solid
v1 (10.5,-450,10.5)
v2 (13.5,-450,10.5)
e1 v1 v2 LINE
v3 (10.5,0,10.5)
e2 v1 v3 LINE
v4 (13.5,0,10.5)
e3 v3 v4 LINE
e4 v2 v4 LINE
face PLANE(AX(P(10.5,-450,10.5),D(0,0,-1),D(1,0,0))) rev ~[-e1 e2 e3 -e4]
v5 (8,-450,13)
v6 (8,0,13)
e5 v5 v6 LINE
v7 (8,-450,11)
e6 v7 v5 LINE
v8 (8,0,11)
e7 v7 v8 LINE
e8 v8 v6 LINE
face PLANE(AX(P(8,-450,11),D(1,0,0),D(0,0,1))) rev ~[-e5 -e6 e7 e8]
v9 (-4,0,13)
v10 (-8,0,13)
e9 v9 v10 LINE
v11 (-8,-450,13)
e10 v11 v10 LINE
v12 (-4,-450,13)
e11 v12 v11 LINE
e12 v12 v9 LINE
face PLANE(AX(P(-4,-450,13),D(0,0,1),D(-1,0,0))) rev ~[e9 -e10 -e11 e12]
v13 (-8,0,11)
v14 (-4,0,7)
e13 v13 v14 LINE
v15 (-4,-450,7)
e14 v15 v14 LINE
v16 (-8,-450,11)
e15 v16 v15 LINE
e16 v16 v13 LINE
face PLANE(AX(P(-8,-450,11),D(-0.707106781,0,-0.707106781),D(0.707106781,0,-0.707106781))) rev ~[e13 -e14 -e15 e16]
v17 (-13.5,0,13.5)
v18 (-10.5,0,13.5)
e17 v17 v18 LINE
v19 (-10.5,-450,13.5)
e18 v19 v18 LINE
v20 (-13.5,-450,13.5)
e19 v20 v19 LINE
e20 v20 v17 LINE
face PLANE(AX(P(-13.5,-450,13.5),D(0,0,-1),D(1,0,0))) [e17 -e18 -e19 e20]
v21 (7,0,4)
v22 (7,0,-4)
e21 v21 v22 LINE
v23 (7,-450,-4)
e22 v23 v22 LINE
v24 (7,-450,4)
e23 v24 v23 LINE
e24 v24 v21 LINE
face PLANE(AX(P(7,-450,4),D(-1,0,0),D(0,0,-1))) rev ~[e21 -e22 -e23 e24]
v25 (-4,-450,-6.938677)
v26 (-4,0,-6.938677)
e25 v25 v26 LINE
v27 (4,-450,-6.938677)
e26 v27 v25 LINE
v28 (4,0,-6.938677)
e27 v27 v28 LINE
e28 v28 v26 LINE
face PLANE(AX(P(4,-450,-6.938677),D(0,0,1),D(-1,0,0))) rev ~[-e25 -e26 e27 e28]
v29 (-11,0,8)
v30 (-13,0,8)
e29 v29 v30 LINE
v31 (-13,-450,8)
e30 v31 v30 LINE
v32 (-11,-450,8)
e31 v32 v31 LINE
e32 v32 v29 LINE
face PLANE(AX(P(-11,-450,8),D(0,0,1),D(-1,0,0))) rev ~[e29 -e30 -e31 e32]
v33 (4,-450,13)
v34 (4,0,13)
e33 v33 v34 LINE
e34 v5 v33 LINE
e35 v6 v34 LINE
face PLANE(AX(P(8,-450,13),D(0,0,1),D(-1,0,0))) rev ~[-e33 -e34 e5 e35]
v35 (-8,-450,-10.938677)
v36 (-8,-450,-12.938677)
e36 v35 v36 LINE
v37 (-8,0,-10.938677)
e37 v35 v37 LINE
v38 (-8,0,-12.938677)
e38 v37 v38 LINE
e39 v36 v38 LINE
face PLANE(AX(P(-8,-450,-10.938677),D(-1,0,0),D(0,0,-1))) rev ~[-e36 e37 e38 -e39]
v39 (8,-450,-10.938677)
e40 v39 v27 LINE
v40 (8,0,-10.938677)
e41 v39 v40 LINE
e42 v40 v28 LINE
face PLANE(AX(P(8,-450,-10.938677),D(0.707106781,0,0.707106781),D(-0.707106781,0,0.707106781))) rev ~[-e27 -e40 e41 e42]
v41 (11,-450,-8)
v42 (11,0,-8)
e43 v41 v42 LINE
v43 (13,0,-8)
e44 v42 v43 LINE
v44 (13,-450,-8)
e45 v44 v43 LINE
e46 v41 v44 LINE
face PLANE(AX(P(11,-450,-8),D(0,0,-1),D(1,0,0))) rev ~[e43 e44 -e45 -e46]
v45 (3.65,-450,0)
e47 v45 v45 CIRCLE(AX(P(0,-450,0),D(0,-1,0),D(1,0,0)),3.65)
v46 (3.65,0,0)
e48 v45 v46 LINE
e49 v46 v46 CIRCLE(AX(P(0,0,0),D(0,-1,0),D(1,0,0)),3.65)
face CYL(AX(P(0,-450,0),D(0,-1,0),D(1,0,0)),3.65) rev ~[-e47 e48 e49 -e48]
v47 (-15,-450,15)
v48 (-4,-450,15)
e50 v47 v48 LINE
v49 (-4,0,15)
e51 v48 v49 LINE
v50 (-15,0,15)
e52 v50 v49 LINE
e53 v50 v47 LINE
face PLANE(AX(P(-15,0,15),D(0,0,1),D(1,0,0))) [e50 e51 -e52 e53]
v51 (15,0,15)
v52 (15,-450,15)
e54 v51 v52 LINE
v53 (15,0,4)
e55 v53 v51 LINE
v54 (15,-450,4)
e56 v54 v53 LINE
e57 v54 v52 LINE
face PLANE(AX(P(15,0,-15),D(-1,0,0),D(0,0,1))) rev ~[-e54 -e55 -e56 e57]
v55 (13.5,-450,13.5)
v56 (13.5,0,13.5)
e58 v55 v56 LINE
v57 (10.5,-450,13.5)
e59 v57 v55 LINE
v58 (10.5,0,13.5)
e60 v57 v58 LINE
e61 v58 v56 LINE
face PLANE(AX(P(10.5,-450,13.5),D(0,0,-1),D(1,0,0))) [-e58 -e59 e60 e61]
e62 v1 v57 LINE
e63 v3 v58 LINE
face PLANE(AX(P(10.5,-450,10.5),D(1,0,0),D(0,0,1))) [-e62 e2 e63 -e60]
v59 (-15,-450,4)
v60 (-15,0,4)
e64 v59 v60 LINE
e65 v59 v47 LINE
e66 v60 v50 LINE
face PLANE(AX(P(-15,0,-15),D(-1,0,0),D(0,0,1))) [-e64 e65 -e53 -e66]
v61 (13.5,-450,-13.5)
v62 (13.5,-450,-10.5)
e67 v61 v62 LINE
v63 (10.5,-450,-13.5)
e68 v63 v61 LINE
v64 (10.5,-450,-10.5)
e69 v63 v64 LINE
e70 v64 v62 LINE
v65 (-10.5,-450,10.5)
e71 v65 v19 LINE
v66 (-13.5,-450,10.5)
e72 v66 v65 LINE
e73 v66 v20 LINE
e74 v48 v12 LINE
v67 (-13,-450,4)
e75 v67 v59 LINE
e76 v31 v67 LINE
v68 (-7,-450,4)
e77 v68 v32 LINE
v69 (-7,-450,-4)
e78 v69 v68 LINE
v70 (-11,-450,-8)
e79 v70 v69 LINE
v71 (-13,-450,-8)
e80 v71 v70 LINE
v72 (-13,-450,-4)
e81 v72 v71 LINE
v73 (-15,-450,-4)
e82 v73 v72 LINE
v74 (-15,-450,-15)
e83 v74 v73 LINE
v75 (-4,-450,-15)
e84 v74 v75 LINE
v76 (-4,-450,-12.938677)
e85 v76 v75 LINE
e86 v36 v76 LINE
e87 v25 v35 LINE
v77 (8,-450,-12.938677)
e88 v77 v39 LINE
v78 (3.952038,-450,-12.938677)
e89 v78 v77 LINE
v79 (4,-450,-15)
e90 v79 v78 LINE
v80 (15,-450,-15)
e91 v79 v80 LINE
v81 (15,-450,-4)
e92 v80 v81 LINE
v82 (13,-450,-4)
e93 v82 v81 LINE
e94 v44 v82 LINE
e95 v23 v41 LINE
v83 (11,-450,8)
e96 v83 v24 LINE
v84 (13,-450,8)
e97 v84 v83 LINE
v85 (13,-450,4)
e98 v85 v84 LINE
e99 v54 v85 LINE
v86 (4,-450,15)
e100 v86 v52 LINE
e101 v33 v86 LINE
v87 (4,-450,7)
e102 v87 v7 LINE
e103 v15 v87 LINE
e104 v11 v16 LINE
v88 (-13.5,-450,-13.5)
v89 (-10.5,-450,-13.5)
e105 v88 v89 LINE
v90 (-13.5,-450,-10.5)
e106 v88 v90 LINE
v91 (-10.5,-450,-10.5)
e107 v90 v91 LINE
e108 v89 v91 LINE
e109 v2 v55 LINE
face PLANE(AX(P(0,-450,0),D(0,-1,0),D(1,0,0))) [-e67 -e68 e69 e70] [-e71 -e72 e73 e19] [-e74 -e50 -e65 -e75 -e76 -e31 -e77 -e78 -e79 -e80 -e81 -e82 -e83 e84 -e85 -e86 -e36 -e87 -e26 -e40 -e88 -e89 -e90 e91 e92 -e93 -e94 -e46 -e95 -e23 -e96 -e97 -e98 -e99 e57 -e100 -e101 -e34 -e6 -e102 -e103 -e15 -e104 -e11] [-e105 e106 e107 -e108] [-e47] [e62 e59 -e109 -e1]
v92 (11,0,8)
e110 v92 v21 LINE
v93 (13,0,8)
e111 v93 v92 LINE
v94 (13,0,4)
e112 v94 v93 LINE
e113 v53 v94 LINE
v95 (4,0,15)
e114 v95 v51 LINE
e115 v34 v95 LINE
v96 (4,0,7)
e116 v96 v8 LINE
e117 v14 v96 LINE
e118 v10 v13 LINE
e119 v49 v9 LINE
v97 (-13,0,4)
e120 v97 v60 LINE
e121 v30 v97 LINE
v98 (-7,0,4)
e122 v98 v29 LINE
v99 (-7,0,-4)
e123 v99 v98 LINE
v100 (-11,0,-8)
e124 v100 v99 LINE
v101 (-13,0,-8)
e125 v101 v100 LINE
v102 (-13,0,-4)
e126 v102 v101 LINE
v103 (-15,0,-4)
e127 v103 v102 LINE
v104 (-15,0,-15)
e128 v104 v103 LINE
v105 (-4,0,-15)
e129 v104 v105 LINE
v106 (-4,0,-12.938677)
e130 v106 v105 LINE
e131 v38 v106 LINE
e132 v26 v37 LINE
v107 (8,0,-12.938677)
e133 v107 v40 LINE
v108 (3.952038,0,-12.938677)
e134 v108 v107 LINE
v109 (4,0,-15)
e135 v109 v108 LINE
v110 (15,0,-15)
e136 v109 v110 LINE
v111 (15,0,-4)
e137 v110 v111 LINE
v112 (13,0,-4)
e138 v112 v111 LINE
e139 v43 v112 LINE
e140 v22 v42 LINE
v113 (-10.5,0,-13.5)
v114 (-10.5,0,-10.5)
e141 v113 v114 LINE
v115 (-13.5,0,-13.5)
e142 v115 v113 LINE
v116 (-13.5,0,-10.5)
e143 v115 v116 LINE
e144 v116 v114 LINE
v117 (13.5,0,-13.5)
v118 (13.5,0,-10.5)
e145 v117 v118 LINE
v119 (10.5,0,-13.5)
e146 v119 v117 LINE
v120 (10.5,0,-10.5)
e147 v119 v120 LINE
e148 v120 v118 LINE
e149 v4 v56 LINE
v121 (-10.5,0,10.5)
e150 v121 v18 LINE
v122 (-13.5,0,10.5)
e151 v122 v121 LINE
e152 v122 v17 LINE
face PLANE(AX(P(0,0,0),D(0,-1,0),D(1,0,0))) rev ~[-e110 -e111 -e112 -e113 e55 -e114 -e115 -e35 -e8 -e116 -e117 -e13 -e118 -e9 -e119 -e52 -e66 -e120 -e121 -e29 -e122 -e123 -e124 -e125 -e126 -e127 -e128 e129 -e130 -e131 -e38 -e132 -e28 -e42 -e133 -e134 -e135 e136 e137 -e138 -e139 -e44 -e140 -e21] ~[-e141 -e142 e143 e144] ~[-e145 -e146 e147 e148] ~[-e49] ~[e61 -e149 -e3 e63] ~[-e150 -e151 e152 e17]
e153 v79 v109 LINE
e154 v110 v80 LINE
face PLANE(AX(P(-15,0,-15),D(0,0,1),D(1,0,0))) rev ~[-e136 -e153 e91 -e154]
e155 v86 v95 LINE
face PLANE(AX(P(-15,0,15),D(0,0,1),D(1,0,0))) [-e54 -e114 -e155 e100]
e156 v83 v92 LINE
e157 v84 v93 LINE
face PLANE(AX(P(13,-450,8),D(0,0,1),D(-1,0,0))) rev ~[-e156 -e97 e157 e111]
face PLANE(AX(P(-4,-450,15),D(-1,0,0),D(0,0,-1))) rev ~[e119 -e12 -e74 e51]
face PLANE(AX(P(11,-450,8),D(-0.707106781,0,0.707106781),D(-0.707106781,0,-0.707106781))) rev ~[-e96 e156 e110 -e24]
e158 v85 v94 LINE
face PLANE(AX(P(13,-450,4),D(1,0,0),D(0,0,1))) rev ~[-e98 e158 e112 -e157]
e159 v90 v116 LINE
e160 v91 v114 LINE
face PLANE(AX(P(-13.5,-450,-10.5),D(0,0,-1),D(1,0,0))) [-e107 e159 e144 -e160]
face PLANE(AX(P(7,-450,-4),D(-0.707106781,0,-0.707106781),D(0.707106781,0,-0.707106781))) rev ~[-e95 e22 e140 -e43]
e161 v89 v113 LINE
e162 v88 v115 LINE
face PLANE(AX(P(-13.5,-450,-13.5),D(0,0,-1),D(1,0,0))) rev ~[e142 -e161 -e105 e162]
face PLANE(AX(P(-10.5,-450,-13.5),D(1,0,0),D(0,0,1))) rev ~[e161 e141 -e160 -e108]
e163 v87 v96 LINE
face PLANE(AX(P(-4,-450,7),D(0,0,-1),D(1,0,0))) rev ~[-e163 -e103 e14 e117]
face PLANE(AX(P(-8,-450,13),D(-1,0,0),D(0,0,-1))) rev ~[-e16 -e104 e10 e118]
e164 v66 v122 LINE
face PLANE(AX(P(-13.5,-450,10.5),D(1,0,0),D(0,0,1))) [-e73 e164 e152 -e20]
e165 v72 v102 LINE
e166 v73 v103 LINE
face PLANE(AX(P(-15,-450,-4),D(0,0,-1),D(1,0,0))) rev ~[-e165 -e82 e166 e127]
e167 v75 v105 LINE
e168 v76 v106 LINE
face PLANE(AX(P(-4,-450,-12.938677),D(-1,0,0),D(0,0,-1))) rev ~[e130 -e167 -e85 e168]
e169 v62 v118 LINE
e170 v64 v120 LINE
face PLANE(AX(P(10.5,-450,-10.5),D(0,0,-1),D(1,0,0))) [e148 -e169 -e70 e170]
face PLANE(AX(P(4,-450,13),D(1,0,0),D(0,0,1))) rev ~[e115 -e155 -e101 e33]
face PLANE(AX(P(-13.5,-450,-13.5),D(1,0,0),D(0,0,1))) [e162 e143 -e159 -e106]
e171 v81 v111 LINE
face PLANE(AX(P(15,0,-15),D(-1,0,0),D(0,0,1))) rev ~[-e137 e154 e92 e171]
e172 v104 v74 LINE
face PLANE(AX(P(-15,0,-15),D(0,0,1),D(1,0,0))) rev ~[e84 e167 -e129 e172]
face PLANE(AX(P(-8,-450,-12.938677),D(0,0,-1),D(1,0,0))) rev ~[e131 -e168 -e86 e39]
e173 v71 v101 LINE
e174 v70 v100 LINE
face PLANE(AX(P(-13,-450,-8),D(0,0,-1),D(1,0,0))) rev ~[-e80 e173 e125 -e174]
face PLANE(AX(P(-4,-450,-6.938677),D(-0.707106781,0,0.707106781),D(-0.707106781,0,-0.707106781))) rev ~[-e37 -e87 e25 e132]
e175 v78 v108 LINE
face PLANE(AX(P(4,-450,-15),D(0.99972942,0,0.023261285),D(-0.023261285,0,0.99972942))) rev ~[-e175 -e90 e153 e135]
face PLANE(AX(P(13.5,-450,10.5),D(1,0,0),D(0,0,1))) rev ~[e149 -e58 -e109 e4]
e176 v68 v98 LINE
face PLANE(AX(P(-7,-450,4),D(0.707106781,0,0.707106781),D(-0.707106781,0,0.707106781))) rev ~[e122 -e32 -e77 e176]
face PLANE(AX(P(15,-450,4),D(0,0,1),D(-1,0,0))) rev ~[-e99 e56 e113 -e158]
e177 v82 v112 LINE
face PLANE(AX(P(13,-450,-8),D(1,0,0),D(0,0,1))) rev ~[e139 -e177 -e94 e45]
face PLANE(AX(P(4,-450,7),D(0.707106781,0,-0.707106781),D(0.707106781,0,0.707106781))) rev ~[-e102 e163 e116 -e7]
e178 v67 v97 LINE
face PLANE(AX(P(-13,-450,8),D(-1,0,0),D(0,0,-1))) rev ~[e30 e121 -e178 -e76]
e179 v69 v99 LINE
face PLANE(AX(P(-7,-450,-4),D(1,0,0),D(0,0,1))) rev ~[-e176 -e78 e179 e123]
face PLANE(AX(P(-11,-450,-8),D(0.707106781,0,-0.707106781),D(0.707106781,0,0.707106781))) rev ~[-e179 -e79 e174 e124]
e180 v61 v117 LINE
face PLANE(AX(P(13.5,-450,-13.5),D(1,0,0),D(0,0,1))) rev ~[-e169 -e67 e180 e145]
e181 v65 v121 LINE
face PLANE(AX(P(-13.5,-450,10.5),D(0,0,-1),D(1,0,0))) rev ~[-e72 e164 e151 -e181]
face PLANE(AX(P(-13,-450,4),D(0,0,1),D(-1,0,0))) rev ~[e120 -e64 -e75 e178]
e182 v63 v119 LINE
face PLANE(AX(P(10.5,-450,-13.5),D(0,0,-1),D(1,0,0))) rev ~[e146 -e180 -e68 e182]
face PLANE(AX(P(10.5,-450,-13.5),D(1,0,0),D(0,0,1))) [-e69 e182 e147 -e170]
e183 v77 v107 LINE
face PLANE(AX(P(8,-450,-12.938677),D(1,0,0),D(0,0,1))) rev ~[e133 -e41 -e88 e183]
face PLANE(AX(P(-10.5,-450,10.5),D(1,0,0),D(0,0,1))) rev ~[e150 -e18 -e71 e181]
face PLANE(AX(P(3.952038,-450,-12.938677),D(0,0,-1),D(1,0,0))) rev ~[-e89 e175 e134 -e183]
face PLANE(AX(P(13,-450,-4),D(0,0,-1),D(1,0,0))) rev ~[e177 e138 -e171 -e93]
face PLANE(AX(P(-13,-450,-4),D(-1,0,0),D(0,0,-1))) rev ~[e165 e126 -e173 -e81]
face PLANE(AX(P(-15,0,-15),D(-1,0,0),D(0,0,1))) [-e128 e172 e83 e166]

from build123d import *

# Parameters (mm, degrees)
F0_W     = 30
F0_H     = 30
F1_DEPTH = 450
F2_R     = 3.65
F2_W     = 3
F2_H     = 3
F3_DEPTH = 450.001


with BuildPart() as f1:
    # F0 (on Front) → F1 (new body)
    with BuildSketch(Plane.XZ):
        Rectangle(F0_W, F0_H)
    extrude(amount=F1_DEPTH)

    # F2 (on face) → F3 (cut, through all)
    with BuildSketch(Plane.XZ.offset(450)):
        Polygon((-13, 4), (-15, 4), (-15, -4), (-13, -4), (-13, -8), (-11, -8), (-7, -4), (-7, 4), (-11, 8), (-13, 8), align=None)
        Polygon((4, 15), (-4, 15), (-4, 13), (-8, 13), (-8, 11), (-4, 7), (4, 7), (8, 11), (8, 13), (4, 13), align=None)
        Polygon((13, -4), (15, -4), (15, 4), (13, 4), (13, 8), (11, 8), (7, 4), (7, -4), (11, -8), (13, -8), align=None)
        Circle(F2_R)
        Polygon((-4, -12.938677), (-4, -15), (4, -15), (3.952038, -12.938677), (8, -12.938677), (8, -10.938677), (4, -6.938677), (-4, -6.938677), (-8, -10.938677), (-8, -12.938677), align=None)
        with Locations((12, 12)):
            Rectangle(F2_W, F2_H)
        with Locations((-12, 12)):
            Rectangle(F2_W, F2_H)
        with Locations((12, -12)):
            Rectangle(F2_W, F2_H)
        with Locations((-12, -12)):
            Rectangle(F2_W, F2_H)
    extrude(amount=-F3_DEPTH, mode=Mode.SUBTRACT)


solid = f1.part
